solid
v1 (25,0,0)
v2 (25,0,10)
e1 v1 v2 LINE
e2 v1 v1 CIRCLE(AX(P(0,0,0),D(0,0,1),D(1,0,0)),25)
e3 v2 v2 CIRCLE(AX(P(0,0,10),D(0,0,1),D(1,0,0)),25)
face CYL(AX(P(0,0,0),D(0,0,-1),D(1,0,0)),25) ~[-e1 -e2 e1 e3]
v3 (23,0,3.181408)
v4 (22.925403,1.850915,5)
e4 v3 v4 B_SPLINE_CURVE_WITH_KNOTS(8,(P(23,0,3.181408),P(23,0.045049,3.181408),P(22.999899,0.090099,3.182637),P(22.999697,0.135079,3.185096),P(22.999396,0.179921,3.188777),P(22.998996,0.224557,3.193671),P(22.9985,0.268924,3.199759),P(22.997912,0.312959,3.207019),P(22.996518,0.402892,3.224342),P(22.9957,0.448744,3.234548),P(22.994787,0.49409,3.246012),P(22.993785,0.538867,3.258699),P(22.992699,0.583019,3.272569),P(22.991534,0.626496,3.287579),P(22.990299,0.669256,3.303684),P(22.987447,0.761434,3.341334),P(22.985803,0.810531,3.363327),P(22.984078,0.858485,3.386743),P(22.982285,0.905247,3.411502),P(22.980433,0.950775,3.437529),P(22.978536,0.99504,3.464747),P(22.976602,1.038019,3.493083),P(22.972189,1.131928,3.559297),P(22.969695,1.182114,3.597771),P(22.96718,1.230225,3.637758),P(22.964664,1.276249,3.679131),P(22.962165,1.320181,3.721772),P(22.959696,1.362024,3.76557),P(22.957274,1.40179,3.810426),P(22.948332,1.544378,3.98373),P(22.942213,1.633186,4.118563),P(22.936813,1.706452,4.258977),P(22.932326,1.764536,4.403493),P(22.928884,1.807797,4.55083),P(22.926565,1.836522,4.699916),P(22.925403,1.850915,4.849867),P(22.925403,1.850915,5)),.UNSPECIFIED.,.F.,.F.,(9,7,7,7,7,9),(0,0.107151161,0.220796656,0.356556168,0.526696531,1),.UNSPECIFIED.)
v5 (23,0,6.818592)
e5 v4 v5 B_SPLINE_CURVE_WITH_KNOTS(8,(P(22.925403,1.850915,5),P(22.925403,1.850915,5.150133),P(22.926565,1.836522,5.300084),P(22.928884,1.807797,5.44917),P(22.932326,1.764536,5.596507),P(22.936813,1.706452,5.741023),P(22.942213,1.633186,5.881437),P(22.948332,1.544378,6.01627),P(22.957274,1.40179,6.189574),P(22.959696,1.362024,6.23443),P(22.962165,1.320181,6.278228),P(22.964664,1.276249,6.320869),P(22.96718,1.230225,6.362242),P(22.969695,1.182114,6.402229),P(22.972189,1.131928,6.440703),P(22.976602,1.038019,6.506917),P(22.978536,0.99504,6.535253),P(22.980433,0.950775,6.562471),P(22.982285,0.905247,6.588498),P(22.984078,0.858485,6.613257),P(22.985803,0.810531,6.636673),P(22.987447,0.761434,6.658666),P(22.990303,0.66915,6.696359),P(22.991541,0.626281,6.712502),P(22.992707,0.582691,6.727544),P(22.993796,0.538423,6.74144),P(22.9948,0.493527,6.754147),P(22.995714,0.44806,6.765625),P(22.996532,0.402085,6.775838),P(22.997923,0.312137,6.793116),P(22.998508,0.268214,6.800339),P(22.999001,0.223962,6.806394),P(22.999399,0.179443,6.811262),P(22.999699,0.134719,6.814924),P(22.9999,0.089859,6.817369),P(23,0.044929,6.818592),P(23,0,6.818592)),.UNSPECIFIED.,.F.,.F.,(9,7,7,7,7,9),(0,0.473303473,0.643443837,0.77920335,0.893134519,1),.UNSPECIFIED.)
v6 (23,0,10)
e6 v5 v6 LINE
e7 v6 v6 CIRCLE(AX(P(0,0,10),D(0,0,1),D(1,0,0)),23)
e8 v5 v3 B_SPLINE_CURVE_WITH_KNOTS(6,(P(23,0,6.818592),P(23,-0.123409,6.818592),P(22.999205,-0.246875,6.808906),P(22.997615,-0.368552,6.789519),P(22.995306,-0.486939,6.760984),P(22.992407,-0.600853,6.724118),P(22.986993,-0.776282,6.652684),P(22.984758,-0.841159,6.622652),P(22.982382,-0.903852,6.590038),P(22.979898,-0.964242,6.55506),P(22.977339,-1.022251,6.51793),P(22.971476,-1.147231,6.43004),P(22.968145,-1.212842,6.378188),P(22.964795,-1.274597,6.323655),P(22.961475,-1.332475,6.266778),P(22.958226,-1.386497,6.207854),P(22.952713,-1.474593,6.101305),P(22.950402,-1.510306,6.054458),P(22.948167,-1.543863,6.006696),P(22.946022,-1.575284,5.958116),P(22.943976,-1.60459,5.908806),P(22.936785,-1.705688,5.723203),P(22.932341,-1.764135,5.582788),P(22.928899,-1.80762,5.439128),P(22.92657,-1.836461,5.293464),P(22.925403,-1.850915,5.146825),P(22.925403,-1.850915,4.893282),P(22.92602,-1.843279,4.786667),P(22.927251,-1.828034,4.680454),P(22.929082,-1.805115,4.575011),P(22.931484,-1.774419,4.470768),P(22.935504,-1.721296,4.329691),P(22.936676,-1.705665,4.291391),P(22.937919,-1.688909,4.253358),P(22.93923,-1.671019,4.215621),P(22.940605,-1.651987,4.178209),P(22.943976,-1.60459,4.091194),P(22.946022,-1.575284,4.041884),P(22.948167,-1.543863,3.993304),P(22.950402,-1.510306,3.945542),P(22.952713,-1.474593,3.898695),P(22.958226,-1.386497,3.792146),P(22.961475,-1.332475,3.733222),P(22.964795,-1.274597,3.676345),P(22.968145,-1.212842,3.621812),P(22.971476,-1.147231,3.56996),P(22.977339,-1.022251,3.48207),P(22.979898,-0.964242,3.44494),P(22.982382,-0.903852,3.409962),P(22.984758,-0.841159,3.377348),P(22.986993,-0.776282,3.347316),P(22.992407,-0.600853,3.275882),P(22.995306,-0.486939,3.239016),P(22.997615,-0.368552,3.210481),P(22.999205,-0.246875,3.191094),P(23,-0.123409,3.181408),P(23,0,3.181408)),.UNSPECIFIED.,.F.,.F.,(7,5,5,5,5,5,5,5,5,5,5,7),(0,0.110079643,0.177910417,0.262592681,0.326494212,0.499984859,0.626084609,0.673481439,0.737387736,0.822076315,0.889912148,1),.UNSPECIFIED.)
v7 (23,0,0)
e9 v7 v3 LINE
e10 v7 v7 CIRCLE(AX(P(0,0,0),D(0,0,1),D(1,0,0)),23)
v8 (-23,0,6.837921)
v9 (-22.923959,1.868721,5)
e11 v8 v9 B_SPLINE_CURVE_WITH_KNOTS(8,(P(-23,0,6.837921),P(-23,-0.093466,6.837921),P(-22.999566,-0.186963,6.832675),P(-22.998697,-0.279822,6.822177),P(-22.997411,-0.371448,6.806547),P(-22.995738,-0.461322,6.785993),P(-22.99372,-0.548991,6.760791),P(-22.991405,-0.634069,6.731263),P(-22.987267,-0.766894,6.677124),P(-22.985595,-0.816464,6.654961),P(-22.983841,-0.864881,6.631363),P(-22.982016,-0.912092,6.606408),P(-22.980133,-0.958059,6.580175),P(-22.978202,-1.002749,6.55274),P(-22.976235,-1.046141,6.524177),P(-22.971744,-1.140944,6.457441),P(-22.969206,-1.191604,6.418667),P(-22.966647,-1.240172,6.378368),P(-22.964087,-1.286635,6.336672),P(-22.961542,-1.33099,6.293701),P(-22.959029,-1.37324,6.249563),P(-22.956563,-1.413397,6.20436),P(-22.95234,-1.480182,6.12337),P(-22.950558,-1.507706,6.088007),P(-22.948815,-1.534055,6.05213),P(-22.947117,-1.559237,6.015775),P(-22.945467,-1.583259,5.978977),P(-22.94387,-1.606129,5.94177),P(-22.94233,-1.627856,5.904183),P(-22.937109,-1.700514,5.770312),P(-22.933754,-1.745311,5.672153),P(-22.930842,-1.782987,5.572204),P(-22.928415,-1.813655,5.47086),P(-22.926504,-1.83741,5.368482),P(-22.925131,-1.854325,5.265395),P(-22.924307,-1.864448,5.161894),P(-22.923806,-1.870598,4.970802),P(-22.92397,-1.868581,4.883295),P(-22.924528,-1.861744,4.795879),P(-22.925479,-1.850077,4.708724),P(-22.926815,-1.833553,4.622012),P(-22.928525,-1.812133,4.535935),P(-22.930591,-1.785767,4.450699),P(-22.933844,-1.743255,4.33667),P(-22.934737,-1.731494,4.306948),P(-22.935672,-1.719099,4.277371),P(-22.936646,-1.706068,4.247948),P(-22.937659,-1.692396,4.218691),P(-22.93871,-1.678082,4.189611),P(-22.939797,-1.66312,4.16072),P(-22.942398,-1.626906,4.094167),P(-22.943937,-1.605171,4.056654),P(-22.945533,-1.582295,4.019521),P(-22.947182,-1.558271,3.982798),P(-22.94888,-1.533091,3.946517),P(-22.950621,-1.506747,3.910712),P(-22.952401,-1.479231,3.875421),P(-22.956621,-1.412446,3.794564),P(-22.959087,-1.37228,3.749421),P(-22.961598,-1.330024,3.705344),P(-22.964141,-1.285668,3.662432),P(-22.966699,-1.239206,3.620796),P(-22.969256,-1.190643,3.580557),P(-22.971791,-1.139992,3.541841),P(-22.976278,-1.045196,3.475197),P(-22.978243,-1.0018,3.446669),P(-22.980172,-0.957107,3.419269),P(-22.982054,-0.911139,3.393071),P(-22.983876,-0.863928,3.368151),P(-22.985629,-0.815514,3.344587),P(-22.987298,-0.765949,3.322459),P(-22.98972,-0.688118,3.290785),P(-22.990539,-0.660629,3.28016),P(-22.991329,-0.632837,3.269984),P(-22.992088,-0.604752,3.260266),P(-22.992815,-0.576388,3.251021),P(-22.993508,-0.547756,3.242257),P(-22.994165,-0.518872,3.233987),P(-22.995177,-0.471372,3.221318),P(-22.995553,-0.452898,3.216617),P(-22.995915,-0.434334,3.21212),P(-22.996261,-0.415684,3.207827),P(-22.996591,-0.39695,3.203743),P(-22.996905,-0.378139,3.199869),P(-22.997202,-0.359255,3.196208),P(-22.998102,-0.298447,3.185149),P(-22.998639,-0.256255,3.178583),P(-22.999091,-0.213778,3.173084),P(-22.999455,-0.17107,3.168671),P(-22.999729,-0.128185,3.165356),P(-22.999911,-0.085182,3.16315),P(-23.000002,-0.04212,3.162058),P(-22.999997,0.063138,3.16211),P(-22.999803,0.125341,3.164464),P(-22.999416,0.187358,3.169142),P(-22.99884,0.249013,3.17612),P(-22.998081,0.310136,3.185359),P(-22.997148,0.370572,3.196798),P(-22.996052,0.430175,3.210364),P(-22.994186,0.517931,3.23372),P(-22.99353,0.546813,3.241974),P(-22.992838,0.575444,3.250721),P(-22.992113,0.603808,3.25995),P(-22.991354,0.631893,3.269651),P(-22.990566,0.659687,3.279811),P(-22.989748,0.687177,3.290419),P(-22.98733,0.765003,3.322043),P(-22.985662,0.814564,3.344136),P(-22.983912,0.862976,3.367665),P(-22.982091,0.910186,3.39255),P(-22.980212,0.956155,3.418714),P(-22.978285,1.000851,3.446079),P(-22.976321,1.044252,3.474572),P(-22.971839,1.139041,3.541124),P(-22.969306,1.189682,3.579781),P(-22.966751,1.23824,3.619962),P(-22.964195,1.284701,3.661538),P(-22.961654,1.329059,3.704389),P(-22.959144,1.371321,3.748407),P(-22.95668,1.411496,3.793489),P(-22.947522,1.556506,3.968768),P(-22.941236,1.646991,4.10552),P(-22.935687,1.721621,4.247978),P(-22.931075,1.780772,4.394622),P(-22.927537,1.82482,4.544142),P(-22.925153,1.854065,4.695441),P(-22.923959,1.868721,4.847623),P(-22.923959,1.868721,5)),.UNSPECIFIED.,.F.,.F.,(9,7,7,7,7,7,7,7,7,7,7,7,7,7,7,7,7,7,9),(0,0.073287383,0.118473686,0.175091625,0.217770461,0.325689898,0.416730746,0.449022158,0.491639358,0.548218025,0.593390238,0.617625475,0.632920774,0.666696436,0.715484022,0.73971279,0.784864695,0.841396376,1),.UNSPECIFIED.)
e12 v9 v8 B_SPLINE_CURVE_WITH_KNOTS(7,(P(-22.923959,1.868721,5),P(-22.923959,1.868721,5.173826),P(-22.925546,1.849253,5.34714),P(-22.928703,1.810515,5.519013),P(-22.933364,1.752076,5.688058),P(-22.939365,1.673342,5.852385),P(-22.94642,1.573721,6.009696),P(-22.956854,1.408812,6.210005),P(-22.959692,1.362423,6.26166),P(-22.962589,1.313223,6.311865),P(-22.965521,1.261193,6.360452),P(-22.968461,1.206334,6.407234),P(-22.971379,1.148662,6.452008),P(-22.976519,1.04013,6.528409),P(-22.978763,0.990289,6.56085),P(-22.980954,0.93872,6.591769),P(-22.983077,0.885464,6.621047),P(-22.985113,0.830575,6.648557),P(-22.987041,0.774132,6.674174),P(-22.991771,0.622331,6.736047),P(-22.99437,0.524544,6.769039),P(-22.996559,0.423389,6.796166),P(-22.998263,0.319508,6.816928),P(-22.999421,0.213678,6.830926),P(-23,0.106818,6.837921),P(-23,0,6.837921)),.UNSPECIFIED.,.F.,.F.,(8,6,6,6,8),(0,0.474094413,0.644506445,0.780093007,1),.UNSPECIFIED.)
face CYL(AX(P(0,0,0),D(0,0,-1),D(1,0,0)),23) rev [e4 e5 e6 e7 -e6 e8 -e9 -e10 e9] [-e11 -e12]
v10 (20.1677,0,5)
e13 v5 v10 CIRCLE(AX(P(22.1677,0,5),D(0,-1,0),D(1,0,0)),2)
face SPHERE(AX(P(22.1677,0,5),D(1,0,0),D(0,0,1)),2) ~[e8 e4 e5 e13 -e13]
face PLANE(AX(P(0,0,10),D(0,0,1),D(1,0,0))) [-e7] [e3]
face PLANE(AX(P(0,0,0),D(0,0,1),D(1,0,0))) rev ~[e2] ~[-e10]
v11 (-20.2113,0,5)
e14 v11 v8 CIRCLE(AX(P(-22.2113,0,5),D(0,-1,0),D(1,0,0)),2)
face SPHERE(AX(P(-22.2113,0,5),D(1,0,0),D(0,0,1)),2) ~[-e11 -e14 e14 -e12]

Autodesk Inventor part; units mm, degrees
ref_plane "YZ Plane" through (0, 0, 0) normal (1, 0, 0) x (0, 1, 0)
ref_plane "XZ Plane" through (0, 0, 0) normal (0, 1, 0) x (-1, 0, 0)
ref_plane "XY Plane" through (0, 0, 0) normal (0, 0, 1) x (1, 0, 0)
sketch "Sketch1" plane through (0, 0, 0) normal (0, 0, 1) x (1, 0, 0)
  circle A0 centre (0, 0) radius 25
  circle A1 centre (0, 0) radius 23
  circle A2 centre (0, 0) radius 22
  circle A3 centre (0, 0) radius 20
  circle A4 centre (0, 0) radius 19
  circle A5 centre (0, 0) radius 17
  line L0 (25, 0) -> (-25, 0) construction
  line L1 (0, 25) -> (0, -25) construction
  dimension "d0" = 50
  dimension "d1" = 2
  dimension "d2" = 44
  dimension "d3" = 2
  dimension "d4" = 38
  dimension "d5" = 2
extrude "Extrusion2" add sketch "Sketch1" along normal blind 10 contours A0
sketch "Sketch2" plane through (0, 0, 0) normal (0, 1, 0) x (-1, 0, 0)
  line L0 (-23, 0) -> (23, 0) construction
  line L1 (23, 0) -> (-23, 0) construction
  line L2 (-23, 0) -> (-23, 10) construction
  line L3 (23, 10) -> (23, 0) construction
  line L4 (23, 10) -> (23, 0) construction
  circle A0 centre (23, 5) radius 2 construction
  line L5 (0, 0) -> (0, 10) construction
  circle A1 centre (-23, 5) radius 2 construction
  line L6 (24.0412, 3.2924) -> (23, 7)
  line L7 (-23, 0) -> (-23, 10)
  line L8 (23, 10) -> (23, 0) construction
  line L9 (-23, 5) -> (23, 5) construction
  line L10 (23, 10) -> (23, 0) construction
  circle A2 centre (-22.1677, 5) radius 2
  circle A3 centre (22.2113, 5) radius 2
  line L11 (20.2113, 5) -> (24.2113, 5)
  line L12 (-20.1677, 5) -> (-24.1677, 5)
  point P0 (-23, 7)
  point P1 (-23, 3)
  dimension "d12" = 4
  dimension "d11" = 10
  dimension "d31" = 46
  dimension "d32" = 4
  dimension "d33" = 4
revolve "Revolution1" add sketch "Sketch2" angle 360 about axis through (23, 0, 5) along (-1, 0, 0) picked at (21.3446, 5.1473) picked at (23.3511, 6.1311) contours L11 A3 L6 | L6 A3 L11
revolve "Revolution2" add sketch "Sketch2" angle 360 about axis through (23, 0, 5) along (-1, 0, 0) picked at (-23.13, 6.1339) picked at (-21.1282, 5.1469) contours L12 A2 L7 | L7 A2 L12
properties part number "probe_gimbal_prototype"
